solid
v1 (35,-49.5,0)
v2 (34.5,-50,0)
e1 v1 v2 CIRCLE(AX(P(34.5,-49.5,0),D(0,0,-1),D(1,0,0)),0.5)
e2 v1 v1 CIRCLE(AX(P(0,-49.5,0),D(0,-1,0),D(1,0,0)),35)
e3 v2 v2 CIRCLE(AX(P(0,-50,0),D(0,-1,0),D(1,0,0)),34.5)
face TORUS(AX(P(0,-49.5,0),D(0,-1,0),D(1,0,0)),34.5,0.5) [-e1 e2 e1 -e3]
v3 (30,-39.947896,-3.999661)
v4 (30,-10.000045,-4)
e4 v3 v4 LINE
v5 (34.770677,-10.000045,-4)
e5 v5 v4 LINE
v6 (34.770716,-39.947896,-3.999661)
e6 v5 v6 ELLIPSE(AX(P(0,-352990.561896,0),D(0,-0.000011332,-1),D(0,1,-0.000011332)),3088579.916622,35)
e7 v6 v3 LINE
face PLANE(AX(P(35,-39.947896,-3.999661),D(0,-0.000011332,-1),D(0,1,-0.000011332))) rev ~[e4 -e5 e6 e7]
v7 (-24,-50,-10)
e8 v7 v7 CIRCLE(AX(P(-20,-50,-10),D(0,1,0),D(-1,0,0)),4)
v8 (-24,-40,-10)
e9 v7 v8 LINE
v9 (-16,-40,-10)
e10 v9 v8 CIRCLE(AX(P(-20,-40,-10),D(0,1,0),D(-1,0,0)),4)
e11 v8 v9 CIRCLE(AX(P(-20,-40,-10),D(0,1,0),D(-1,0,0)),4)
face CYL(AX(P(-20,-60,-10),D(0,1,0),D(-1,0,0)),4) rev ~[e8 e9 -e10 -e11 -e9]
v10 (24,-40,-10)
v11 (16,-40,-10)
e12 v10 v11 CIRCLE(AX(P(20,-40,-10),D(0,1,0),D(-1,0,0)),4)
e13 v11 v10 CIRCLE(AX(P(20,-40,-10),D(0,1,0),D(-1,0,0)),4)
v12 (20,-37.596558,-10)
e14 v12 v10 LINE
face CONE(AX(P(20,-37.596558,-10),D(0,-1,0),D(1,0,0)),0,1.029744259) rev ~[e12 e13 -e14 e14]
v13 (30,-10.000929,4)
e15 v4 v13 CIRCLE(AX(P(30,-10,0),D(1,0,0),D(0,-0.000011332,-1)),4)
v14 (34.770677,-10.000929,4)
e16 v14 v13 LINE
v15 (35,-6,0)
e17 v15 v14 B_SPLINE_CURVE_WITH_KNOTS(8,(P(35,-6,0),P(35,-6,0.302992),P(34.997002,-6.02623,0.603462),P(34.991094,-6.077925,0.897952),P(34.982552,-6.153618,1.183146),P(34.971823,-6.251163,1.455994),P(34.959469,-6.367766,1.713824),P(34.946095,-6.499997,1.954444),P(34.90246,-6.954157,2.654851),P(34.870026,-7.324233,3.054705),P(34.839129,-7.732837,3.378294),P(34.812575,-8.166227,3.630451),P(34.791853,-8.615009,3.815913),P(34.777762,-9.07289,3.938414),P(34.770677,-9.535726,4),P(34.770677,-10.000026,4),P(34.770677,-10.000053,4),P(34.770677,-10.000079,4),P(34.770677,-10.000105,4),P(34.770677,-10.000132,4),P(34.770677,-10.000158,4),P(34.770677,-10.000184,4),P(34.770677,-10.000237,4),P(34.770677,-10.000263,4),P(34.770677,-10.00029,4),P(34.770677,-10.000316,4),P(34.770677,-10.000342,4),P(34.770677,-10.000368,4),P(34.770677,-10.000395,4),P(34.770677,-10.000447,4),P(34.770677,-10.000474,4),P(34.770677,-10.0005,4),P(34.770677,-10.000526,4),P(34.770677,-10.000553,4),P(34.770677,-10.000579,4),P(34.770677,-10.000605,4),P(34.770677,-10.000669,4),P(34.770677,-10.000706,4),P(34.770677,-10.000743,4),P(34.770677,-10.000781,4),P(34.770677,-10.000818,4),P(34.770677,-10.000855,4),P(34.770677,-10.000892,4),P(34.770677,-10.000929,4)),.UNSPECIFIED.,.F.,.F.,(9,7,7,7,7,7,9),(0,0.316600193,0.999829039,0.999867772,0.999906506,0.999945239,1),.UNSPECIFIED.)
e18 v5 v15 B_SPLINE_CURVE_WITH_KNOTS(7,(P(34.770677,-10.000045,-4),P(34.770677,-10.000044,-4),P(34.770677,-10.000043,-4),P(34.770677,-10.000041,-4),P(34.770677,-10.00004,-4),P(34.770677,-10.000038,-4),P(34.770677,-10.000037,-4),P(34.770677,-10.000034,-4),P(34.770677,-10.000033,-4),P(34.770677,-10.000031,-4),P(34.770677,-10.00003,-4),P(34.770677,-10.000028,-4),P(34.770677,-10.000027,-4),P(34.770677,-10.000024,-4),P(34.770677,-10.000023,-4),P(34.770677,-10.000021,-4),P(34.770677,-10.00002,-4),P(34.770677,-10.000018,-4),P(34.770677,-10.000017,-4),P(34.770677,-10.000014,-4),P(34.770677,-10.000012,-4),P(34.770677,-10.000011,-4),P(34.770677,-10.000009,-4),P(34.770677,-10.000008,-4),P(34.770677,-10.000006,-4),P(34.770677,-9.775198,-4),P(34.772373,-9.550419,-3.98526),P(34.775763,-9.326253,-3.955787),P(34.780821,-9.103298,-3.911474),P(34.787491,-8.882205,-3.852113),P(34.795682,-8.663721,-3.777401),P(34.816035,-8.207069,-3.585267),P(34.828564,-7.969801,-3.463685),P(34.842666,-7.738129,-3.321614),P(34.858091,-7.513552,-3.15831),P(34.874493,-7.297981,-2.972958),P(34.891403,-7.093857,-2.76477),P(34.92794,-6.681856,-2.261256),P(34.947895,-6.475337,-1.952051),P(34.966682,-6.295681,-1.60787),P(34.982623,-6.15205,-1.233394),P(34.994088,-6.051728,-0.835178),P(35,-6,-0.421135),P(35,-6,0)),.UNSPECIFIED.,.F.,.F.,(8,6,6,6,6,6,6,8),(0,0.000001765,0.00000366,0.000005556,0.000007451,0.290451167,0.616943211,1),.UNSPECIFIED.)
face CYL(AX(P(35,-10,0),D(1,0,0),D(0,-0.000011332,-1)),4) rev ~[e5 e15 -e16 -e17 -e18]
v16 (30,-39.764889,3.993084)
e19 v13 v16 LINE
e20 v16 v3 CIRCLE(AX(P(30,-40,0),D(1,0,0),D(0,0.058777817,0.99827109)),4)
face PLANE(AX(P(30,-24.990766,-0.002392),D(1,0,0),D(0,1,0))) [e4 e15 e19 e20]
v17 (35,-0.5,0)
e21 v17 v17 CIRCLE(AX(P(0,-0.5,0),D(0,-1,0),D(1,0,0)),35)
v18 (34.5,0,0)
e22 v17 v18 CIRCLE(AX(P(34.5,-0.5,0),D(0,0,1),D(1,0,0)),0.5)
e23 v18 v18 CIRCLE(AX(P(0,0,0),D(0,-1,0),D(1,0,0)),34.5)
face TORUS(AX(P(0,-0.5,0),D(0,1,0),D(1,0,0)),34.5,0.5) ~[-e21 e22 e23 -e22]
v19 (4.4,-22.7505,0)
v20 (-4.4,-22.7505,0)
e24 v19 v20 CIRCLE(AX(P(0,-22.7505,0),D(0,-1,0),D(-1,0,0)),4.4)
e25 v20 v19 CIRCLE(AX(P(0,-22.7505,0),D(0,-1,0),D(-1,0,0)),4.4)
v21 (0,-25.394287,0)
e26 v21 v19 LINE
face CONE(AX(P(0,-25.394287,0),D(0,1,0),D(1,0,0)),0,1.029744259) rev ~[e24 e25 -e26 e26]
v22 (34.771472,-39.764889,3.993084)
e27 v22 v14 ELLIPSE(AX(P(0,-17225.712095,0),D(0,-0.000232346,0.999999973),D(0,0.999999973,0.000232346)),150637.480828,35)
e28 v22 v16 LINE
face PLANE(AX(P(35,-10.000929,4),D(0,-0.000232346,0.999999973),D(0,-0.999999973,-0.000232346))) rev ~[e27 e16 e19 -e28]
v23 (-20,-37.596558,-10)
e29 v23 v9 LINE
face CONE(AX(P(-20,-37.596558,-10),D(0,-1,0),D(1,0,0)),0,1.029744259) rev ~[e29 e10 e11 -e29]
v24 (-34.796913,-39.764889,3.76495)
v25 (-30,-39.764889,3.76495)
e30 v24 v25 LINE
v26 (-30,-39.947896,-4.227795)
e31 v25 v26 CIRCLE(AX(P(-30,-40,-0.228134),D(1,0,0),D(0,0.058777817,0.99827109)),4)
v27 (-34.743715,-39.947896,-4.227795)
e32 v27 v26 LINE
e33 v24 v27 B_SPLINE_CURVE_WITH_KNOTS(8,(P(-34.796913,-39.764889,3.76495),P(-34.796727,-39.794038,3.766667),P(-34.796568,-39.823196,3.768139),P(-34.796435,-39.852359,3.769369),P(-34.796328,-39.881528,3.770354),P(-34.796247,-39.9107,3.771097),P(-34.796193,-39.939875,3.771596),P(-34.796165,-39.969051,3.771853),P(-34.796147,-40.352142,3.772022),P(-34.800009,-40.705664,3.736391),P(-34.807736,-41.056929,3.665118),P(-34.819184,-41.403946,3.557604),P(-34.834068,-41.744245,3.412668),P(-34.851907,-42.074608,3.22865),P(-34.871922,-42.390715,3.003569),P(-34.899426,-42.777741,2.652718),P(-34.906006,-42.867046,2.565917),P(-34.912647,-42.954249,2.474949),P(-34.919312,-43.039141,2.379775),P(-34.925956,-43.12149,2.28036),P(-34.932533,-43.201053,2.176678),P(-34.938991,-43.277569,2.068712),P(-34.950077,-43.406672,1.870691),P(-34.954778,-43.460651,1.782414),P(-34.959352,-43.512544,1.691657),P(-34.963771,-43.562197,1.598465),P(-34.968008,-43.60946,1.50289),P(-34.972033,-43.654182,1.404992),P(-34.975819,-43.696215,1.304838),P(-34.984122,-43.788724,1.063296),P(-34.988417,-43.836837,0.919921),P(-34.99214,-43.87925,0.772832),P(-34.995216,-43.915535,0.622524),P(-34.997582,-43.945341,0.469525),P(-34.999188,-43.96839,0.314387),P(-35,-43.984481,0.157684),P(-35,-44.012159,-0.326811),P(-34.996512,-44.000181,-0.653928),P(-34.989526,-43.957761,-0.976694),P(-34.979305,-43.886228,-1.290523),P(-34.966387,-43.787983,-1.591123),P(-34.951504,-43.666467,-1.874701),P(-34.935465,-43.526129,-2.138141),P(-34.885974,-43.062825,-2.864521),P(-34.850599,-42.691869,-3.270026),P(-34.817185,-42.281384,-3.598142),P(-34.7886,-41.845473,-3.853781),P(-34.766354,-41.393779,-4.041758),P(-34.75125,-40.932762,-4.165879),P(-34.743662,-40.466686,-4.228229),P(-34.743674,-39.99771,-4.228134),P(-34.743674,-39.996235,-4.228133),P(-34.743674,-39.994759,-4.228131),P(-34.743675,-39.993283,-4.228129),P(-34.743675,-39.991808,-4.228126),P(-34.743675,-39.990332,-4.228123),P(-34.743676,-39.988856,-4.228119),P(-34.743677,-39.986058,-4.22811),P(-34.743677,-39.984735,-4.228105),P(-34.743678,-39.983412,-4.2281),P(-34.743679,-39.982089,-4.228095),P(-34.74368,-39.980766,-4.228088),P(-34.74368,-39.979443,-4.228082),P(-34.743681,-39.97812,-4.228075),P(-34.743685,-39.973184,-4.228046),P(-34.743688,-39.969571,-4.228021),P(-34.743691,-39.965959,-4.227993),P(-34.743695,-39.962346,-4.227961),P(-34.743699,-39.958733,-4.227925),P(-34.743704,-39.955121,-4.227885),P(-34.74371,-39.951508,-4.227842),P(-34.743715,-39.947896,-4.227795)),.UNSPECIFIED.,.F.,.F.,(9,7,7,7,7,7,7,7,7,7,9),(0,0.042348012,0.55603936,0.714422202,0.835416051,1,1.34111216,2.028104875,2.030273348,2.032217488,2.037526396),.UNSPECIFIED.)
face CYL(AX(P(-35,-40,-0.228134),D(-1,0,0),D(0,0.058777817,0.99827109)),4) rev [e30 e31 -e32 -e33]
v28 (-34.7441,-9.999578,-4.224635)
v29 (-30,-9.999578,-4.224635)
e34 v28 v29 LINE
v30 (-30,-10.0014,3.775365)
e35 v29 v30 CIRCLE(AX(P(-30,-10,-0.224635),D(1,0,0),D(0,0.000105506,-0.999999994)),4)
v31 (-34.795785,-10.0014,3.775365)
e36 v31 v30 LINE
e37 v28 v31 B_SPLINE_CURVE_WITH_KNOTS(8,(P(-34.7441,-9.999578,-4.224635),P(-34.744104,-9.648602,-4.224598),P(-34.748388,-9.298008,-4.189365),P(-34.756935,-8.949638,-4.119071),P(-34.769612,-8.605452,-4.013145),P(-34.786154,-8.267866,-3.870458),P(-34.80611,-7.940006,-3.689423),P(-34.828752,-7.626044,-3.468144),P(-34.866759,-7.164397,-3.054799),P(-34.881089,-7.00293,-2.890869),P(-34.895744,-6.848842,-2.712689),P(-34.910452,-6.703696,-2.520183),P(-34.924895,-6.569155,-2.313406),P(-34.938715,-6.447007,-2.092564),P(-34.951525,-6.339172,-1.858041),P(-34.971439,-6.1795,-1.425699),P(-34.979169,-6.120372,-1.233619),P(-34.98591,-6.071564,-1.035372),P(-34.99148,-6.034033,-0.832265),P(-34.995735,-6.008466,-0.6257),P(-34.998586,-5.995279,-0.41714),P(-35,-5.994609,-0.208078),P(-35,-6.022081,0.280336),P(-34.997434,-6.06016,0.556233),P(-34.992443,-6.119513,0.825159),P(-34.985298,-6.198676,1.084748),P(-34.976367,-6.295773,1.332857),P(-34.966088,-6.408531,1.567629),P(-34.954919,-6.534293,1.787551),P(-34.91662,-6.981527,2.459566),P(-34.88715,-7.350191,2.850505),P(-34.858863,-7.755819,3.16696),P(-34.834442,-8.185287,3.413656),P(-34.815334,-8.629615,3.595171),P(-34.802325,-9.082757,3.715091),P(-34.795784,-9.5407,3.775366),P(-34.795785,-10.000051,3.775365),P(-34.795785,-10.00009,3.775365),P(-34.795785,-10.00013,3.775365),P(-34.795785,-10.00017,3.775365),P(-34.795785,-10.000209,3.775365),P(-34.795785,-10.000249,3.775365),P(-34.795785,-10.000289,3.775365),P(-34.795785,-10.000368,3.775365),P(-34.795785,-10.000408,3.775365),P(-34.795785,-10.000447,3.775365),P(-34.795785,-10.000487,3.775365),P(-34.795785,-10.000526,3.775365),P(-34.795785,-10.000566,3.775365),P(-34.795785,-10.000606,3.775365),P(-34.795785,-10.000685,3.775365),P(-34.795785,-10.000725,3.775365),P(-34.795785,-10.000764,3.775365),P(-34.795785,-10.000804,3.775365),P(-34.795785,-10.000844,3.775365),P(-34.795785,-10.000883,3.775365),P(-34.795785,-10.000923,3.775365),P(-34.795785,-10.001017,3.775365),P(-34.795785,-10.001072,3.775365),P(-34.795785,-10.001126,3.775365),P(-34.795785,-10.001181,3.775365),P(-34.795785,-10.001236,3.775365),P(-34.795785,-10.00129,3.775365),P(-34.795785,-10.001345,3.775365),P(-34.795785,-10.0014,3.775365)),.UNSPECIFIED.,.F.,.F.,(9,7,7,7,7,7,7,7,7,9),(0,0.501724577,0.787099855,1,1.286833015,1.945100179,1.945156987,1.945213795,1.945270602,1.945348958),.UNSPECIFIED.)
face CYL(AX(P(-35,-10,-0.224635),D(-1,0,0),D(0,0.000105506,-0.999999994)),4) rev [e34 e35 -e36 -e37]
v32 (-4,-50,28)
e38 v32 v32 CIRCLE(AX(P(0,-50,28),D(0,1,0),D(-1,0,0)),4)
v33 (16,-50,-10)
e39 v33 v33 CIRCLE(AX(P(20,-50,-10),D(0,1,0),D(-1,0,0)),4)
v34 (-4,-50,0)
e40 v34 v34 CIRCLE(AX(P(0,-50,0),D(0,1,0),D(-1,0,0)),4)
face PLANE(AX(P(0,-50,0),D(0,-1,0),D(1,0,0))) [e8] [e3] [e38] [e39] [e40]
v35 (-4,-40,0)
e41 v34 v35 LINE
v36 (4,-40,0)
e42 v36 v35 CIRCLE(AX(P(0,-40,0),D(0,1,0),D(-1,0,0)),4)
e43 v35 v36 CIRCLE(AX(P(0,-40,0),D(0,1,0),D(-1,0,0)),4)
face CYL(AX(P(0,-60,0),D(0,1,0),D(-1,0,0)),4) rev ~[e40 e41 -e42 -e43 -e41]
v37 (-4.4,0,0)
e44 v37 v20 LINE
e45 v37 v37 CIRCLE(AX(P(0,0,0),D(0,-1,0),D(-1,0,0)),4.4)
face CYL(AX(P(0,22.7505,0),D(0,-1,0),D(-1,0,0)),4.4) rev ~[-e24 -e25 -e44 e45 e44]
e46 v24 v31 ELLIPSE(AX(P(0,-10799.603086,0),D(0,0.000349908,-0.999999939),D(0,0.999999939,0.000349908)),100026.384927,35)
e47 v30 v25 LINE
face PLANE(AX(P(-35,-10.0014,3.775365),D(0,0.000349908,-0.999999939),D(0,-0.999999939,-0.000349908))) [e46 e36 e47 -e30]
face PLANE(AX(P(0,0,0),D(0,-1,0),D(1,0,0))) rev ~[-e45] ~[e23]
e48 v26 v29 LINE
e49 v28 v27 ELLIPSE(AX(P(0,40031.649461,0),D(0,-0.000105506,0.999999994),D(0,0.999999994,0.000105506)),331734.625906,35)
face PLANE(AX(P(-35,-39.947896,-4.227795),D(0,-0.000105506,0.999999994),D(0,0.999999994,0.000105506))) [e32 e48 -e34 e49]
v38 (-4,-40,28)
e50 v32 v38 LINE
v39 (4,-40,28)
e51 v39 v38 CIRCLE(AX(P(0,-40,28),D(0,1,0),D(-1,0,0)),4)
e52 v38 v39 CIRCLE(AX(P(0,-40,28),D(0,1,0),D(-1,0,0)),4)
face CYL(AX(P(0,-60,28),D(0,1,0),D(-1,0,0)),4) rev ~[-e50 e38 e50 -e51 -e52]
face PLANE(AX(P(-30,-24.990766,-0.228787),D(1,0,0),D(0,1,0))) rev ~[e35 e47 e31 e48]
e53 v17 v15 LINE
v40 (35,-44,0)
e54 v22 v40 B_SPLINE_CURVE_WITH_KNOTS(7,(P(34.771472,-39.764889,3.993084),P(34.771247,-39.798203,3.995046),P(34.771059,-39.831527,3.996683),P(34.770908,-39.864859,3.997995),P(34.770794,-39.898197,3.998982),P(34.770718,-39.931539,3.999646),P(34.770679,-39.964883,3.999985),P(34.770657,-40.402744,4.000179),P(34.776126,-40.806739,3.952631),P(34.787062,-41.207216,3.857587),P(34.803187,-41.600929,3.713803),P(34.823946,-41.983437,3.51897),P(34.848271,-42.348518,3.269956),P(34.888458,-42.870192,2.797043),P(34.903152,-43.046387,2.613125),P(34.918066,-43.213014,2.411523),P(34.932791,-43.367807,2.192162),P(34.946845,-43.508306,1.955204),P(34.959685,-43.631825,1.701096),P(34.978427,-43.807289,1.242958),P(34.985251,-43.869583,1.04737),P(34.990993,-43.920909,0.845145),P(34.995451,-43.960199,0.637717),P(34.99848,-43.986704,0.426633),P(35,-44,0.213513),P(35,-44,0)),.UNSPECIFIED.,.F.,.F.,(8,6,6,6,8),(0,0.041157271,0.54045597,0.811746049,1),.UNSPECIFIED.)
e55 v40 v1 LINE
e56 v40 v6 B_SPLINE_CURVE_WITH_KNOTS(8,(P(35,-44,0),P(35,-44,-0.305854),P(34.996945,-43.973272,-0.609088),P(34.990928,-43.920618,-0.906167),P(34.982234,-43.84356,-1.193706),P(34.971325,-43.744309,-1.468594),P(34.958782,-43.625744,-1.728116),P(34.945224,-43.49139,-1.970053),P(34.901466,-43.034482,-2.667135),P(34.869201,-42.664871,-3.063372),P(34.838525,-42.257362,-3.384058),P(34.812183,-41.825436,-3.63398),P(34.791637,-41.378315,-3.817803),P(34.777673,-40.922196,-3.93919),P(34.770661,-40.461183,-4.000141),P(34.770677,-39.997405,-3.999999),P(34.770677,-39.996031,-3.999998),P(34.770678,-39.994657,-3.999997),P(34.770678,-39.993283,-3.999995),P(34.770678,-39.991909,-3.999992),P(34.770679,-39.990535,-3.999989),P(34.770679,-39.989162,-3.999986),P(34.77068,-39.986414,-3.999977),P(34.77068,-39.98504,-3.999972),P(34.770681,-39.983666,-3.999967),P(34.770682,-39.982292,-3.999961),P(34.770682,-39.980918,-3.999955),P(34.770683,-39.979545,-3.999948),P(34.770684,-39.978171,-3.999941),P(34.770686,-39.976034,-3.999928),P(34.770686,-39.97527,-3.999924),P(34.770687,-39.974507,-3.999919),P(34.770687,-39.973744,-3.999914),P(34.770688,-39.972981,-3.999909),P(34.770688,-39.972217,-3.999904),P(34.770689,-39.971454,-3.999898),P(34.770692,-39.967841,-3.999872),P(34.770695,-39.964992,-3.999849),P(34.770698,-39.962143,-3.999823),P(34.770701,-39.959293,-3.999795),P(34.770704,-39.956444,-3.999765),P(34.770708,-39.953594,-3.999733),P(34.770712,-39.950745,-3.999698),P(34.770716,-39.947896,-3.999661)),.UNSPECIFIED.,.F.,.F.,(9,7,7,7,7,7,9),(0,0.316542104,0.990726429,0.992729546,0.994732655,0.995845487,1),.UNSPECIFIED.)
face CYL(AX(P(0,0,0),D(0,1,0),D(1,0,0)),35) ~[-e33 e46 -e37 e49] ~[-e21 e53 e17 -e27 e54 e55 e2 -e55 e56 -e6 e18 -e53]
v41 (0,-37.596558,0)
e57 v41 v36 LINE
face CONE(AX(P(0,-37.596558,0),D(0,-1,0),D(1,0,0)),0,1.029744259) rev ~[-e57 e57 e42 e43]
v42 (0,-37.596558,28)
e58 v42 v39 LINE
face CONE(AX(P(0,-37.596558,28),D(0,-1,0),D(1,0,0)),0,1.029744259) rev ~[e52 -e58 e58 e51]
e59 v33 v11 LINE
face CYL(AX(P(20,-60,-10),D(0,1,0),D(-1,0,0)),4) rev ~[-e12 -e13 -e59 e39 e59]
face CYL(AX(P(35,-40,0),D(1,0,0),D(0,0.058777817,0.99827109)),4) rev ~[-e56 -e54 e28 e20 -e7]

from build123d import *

# Parameters (mm, degrees)
F0_R      = 35
F1_DEPTH  = 50
F3_D      = 8
F3_DEPTH  = 10
F3_TIP    = 2.4034424761
F6_DEPTH  = 5
F9_DEPTH  = 5
F11_D     = 8.8
F11_DEPTH = 22.7505
F11_TIP   = 2.6437867237
F12_R     = 0.5


with BuildPart() as f1:
    # F0 (on Front) → F1 (new body)
    with BuildSketch(Plane.XZ):
        Circle(F0_R)
    extrude(amount=F1_DEPTH)

    # F3
    with Locations(Plane.XZ.offset(50)):
        with Locations((0, 28), (0, 0), (20, -10), (-20, -10)):
            Hole(F3_D / 2, depth=F3_DEPTH)
            with Locations((0, 0, -(F3_DEPTH + F3_TIP / 2))):  # 118° drill point
                Cone(0, F3_D / 2, F3_TIP, mode=Mode.SUBTRACT)

    # F5 (on offset) → F6 (cut)
    with BuildSketch(Plane.YZ.offset(35)):
        with BuildLine():
            Line((-10.0009293836, 3.999999892), (-39.764888731, 3.9930843581))
            ThreePointArc((-39.764888731, 3.9930843581), (-43.9989519, 0.0915625537), (-39.947895719, -3.9996606286))
            Line((-39.947895719, -3.9996606286), (-10.0000453283, -3.9999999997))
            ThreePointArc((-10.0000453283, -3.9999999997), (-6.0000000244, 0.0004420276), (-10.0009293836, 3.999999892))
        make_face()
    extrude(amount=-F6_DEPTH, mode=Mode.SUBTRACT)

    # F8 (on offset) → F9 (cut)
    with BuildSketch(Plane.YZ.offset(-35)):
        with BuildLine():
            Line((-10.0013998348, 3.775364694), (-39.764888731, 3.7649502201))
            ThreePointArc((-39.764888731, 3.7649502201), (-43.9989519, -0.1365715843), (-39.947895719, -4.2277947666))
            Line((-39.947895719, -4.2277947666), (-9.99957818, -4.2246350388))
            ThreePointArc((-9.99957818, -4.2246350388), (-6.0000003078, -0.2237242337), (-10.0013998348, 3.775364694))
        make_face()
    extrude(amount=F9_DEPTH, mode=Mode.SUBTRACT)

    # F11
    with Locations(Plane(origin=(0, 0, 0), x_dir=(1, 0, 0), z_dir=(0, 1, 0))):
        with Locations((0, 0)):
            Hole(F11_D / 2, depth=F11_DEPTH)
            with Locations((0, 0, -(F11_DEPTH + F11_TIP / 2))):  # 118° drill point
                Cone(0, F11_D / 2, F11_TIP, mode=Mode.SUBTRACT)

    # F12
    f12_edges = [f1.edges().sort_by_distance(p)[0] for p in [
        (-35, -50, 0),
        (-35, 0, 0),
    ]]
    fillet(f12_edges, radius=F12_R)


solid = f1.part
